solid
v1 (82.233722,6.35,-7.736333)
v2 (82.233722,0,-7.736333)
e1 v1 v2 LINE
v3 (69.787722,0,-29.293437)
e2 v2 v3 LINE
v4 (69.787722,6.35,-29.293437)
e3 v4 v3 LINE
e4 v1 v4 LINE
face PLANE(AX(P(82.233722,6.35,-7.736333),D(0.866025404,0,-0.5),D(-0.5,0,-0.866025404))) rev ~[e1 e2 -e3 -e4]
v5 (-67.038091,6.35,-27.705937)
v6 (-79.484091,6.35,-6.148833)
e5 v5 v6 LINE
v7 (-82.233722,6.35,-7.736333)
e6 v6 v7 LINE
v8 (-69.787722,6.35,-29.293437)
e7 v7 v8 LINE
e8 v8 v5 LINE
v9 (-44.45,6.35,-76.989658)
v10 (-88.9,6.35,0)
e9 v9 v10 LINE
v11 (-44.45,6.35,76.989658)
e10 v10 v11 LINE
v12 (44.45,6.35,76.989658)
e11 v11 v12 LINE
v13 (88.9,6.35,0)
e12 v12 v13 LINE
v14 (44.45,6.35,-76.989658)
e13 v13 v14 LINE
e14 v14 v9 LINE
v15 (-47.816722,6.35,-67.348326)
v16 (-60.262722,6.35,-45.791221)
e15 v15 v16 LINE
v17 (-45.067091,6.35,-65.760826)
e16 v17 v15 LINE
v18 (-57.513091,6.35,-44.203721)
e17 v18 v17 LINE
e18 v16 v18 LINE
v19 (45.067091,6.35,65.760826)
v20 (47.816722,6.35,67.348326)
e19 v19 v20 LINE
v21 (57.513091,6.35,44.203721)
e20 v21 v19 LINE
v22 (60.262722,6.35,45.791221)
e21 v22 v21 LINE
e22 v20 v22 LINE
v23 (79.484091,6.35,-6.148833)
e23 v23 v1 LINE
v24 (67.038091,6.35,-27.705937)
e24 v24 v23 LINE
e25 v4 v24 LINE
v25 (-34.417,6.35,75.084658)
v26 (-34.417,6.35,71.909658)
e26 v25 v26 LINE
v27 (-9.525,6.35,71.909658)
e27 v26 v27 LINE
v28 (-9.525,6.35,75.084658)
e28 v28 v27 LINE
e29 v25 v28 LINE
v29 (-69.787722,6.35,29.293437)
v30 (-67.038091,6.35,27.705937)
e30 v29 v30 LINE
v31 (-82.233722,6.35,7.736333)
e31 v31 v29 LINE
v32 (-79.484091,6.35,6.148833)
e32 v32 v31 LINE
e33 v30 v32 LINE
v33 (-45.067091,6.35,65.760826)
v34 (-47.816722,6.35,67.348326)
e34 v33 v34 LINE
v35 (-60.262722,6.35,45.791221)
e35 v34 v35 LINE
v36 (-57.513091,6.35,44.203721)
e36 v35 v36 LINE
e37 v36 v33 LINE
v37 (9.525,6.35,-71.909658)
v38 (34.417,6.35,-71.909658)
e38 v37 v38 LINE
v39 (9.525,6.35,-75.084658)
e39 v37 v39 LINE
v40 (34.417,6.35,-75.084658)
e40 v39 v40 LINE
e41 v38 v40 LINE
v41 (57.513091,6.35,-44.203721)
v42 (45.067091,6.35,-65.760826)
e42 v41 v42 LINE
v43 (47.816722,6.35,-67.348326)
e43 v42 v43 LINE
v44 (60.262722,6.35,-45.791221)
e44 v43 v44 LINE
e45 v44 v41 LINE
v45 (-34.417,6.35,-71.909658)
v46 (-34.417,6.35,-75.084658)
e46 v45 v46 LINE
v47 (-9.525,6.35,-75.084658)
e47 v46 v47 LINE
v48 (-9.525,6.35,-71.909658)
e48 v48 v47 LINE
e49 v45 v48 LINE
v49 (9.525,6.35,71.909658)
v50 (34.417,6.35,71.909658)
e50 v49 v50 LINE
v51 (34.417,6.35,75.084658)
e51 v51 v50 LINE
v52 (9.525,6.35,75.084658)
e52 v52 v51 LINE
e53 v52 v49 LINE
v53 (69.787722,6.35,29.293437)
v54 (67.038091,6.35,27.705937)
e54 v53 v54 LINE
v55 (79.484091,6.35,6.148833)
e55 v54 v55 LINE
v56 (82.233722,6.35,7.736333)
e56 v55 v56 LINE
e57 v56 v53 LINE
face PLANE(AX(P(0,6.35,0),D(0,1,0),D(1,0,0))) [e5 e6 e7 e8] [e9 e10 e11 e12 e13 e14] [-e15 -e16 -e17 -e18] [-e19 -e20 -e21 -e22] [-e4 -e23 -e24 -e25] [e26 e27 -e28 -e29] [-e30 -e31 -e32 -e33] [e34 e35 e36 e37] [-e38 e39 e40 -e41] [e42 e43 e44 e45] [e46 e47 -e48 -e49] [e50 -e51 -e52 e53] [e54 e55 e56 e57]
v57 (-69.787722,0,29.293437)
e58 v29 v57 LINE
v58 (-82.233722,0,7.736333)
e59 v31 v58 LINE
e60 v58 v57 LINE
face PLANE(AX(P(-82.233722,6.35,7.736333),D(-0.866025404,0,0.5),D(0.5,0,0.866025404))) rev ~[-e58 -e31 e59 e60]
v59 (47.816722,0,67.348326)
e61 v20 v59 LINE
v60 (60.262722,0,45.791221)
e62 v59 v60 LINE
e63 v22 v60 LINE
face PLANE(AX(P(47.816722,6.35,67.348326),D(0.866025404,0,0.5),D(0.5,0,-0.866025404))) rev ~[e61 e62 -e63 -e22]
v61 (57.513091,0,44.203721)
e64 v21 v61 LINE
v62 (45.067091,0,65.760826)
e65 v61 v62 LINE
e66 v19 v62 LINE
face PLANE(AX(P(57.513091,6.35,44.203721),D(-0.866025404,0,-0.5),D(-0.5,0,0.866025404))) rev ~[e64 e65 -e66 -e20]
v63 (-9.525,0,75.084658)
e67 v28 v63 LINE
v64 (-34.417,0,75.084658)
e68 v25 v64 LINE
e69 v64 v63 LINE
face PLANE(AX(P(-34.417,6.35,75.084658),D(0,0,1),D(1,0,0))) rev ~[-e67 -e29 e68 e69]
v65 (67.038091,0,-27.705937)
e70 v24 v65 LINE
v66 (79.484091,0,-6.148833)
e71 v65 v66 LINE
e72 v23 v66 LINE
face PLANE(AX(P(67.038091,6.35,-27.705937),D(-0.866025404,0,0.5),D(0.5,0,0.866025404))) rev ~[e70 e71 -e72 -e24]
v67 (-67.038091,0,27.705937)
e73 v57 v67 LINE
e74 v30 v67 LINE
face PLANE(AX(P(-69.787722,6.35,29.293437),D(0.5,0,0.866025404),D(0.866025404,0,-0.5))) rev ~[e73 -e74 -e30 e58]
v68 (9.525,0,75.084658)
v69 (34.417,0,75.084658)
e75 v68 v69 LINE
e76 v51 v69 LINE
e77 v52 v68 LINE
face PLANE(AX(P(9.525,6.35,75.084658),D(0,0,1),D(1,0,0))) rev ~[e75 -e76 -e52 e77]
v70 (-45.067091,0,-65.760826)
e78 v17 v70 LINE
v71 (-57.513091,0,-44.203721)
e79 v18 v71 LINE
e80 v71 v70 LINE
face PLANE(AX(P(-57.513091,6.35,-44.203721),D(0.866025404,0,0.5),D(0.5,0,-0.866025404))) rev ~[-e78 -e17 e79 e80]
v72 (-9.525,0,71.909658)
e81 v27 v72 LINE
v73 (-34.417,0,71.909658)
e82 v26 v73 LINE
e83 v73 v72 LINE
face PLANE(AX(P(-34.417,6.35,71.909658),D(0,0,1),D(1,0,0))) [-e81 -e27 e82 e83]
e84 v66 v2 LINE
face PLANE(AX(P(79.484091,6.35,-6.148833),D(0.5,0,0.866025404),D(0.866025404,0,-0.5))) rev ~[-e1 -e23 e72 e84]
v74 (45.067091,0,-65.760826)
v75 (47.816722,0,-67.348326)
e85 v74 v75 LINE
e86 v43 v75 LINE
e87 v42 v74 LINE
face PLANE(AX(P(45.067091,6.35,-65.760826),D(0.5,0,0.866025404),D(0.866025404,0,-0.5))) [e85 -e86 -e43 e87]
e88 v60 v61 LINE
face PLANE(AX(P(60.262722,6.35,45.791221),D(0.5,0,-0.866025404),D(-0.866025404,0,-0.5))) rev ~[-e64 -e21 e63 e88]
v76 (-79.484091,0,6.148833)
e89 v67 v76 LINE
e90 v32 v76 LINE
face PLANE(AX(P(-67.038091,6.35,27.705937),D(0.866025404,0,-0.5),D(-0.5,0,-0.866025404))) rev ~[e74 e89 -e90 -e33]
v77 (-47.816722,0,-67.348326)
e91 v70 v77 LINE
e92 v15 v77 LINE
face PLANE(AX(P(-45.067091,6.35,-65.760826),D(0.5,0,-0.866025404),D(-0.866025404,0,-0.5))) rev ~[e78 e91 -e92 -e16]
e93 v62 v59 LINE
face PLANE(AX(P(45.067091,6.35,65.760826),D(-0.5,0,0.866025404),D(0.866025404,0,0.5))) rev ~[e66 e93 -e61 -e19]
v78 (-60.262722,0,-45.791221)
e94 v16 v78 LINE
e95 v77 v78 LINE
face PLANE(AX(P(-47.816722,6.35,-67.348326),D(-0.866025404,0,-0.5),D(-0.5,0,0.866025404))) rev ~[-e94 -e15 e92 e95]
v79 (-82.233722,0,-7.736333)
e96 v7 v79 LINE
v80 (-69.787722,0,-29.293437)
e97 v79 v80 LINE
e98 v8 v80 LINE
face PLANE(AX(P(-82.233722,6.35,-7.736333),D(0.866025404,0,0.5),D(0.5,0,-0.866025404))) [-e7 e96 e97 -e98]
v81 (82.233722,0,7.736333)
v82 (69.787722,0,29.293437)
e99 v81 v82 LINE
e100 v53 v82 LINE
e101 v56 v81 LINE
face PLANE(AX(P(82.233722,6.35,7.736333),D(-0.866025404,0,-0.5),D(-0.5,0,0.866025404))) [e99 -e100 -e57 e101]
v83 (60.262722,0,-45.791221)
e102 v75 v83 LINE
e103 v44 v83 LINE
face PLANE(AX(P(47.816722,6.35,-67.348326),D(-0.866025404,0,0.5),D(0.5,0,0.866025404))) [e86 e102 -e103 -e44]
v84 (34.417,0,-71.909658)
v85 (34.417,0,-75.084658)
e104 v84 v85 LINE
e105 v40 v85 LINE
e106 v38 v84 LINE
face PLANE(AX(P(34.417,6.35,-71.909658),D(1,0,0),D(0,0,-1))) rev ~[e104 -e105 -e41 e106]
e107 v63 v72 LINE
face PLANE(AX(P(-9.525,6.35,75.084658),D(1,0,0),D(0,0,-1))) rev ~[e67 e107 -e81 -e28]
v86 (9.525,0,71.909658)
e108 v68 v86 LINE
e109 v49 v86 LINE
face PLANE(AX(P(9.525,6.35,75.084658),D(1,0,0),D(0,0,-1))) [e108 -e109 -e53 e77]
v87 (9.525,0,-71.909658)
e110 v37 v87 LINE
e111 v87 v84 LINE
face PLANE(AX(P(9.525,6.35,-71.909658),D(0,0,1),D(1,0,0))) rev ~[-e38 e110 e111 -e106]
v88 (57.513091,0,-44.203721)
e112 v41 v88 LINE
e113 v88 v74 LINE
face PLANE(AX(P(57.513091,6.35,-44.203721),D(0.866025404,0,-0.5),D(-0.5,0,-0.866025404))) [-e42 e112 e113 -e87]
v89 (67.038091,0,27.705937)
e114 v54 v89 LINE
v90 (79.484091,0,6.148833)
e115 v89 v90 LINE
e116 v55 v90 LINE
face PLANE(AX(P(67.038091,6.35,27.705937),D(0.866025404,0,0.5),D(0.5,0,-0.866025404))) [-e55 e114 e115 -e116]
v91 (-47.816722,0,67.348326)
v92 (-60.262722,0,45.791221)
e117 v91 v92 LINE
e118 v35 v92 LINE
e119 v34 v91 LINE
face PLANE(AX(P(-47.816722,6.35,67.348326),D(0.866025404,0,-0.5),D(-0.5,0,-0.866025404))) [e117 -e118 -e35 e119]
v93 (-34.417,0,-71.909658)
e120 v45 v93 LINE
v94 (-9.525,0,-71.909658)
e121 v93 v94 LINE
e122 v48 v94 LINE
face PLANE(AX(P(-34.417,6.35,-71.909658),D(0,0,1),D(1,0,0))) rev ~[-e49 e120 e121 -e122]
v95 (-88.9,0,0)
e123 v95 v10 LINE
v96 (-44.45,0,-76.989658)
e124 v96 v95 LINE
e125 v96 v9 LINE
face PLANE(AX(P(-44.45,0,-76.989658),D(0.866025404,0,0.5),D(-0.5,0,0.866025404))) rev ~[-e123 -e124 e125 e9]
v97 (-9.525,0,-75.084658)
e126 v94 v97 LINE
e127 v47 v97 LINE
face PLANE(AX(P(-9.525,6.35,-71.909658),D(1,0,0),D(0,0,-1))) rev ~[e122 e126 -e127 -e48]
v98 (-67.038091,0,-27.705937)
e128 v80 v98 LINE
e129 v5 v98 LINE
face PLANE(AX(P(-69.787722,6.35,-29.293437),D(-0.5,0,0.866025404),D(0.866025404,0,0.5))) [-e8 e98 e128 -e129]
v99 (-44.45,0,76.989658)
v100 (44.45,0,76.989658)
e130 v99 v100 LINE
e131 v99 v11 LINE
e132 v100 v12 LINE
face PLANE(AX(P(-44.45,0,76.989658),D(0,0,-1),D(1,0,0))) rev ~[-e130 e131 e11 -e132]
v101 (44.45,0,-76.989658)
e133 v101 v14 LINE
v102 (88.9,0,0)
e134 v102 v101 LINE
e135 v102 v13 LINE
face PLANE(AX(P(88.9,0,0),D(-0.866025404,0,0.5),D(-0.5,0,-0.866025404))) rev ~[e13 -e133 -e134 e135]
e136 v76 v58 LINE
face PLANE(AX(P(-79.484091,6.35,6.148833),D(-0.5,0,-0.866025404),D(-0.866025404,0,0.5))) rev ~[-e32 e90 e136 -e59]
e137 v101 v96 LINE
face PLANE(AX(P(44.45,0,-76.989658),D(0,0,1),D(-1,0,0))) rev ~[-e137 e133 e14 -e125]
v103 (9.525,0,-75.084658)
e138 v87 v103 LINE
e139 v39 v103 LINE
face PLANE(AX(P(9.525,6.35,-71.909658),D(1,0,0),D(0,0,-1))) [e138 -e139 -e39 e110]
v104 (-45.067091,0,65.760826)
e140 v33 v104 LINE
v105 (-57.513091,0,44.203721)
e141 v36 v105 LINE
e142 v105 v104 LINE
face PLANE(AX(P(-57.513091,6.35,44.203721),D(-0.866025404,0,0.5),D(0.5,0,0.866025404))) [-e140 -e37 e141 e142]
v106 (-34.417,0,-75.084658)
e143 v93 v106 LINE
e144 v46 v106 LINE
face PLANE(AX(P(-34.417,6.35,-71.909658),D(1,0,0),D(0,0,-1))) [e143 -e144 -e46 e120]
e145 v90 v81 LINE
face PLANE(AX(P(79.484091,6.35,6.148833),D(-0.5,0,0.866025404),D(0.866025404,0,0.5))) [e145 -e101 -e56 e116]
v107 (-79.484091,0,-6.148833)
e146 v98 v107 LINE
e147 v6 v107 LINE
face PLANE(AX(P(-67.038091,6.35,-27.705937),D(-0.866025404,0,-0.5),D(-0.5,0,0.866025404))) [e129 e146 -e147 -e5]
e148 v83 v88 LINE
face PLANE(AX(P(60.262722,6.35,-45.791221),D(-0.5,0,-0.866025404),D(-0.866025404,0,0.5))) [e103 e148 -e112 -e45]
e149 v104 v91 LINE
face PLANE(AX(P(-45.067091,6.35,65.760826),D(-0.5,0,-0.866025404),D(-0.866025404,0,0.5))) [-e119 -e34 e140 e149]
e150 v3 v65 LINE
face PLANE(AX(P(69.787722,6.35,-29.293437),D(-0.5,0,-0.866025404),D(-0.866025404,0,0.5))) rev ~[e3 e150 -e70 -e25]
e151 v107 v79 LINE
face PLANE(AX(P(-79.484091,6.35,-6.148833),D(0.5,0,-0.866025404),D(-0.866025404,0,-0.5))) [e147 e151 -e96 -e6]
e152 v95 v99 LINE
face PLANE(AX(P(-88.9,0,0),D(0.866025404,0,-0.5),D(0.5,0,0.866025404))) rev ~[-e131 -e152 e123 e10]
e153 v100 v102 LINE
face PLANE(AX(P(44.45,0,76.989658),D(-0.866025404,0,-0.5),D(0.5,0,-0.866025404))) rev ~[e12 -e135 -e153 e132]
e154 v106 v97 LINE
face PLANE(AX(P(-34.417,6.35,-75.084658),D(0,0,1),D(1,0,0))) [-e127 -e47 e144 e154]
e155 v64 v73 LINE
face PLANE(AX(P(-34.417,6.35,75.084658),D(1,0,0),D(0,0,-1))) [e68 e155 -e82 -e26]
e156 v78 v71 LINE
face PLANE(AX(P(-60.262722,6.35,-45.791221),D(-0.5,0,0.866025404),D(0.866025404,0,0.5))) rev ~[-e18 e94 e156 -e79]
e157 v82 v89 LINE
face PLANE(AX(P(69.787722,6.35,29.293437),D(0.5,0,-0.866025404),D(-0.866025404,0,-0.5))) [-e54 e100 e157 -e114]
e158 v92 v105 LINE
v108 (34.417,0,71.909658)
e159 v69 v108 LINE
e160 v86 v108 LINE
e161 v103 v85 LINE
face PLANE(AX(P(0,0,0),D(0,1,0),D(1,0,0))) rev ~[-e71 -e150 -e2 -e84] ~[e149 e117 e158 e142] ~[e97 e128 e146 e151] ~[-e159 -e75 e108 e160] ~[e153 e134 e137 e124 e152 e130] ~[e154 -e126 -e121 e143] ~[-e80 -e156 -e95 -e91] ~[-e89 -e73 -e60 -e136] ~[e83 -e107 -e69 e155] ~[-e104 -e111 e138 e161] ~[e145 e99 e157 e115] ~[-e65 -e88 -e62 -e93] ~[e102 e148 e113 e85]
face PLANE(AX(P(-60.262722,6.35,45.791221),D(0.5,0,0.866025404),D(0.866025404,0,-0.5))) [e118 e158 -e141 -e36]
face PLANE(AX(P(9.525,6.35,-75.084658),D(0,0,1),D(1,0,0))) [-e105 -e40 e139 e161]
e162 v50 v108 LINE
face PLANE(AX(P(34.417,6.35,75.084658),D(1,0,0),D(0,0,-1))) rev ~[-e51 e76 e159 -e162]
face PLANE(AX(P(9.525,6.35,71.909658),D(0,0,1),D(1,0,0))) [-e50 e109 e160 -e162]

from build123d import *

# Parameters (mm, degrees)
BOSS_EXTRUDE1_DEPTH = 6.35
SKETCH2_W           = 24.892
SKETCH2_H           = 3.175
CUT_EXTRUDE1_DEPTH  = 7.35


with BuildPart() as part:
    # Sketch1 → Boss-Extrude1 (new body)
    with BuildSketch(Plane(origin=(0, 0, 0), x_dir=(1, 0, 0), z_dir=(0, 1, 0))):
        Polygon((-88.9, 0), (-44.45, -76.989658396), (44.45, -76.989658396), (88.9, 0), (44.45, 76.989658396), (-44.45, 76.989658396), align=None)
    extrude(amount=BOSS_EXTRUDE1_DEPTH)

    # Sketch2 → Cut-Extrude1 (cut, through all)
    with BuildSketch(Plane(origin=(0, 6.35, 0), x_dir=(1, 0, 0), z_dir=(0, 1, 0))):
        Polygon((-79.484090949, -6.148832876), (-82.233721606, -7.736332876), (-69.787721606, -29.293437227), (-67.038090949, -27.705937227), align=None)
        Polygon((-45.067090949, -65.76082552), (-47.816721606, -67.34832552), (-60.262721606, -45.791221169), (-57.513090949, -44.203721169), align=None)
        Polygon((-45.067090949, 65.76082552), (-47.816721606, 67.34832552), (-60.262721606, 45.791221169), (-57.513090949, 44.203721169), align=None)
        Polygon((-69.787721606, 29.293437227), (-67.038090949, 27.705937227), (-79.484090949, 6.148832876), (-82.233721606, 7.736332876), align=None)
        with Locations((21.971, 73.497158396)):
            Rectangle(SKETCH2_W, SKETCH2_H)
        with Locations((-21.971, 73.497158396)):
            Rectangle(SKETCH2_W, SKETCH2_H)
        Polygon((79.484090949, 6.148832876), (82.233721606, 7.736332876), (69.787721606, 29.293437227), (67.038090949, 27.705937227), align=None)
        Polygon((60.262721606, 45.791221169), (57.513090949, 44.203721169), (45.067090949, 65.76082552), (47.816721606, 67.34832552), align=None)
        Polygon((45.067090949, -65.76082552), (47.816721606, -67.34832552), (60.262721606, -45.791221169), (57.513090949, -44.203721169), align=None)
        Polygon((69.787721606, -29.293437227), (67.038090949, -27.705937227), (79.484090949, -6.148832876), (82.233721606, -7.736332876), align=None)
        with Locations((-21.971, -73.497158396)):
            Rectangle(SKETCH2_W, SKETCH2_H)
        with Locations((21.971, -73.497158396)):
            Rectangle(SKETCH2_W, SKETCH2_H)
    extrude(amount=-CUT_EXTRUDE1_DEPTH, mode=Mode.SUBTRACT)


solid = part.part
